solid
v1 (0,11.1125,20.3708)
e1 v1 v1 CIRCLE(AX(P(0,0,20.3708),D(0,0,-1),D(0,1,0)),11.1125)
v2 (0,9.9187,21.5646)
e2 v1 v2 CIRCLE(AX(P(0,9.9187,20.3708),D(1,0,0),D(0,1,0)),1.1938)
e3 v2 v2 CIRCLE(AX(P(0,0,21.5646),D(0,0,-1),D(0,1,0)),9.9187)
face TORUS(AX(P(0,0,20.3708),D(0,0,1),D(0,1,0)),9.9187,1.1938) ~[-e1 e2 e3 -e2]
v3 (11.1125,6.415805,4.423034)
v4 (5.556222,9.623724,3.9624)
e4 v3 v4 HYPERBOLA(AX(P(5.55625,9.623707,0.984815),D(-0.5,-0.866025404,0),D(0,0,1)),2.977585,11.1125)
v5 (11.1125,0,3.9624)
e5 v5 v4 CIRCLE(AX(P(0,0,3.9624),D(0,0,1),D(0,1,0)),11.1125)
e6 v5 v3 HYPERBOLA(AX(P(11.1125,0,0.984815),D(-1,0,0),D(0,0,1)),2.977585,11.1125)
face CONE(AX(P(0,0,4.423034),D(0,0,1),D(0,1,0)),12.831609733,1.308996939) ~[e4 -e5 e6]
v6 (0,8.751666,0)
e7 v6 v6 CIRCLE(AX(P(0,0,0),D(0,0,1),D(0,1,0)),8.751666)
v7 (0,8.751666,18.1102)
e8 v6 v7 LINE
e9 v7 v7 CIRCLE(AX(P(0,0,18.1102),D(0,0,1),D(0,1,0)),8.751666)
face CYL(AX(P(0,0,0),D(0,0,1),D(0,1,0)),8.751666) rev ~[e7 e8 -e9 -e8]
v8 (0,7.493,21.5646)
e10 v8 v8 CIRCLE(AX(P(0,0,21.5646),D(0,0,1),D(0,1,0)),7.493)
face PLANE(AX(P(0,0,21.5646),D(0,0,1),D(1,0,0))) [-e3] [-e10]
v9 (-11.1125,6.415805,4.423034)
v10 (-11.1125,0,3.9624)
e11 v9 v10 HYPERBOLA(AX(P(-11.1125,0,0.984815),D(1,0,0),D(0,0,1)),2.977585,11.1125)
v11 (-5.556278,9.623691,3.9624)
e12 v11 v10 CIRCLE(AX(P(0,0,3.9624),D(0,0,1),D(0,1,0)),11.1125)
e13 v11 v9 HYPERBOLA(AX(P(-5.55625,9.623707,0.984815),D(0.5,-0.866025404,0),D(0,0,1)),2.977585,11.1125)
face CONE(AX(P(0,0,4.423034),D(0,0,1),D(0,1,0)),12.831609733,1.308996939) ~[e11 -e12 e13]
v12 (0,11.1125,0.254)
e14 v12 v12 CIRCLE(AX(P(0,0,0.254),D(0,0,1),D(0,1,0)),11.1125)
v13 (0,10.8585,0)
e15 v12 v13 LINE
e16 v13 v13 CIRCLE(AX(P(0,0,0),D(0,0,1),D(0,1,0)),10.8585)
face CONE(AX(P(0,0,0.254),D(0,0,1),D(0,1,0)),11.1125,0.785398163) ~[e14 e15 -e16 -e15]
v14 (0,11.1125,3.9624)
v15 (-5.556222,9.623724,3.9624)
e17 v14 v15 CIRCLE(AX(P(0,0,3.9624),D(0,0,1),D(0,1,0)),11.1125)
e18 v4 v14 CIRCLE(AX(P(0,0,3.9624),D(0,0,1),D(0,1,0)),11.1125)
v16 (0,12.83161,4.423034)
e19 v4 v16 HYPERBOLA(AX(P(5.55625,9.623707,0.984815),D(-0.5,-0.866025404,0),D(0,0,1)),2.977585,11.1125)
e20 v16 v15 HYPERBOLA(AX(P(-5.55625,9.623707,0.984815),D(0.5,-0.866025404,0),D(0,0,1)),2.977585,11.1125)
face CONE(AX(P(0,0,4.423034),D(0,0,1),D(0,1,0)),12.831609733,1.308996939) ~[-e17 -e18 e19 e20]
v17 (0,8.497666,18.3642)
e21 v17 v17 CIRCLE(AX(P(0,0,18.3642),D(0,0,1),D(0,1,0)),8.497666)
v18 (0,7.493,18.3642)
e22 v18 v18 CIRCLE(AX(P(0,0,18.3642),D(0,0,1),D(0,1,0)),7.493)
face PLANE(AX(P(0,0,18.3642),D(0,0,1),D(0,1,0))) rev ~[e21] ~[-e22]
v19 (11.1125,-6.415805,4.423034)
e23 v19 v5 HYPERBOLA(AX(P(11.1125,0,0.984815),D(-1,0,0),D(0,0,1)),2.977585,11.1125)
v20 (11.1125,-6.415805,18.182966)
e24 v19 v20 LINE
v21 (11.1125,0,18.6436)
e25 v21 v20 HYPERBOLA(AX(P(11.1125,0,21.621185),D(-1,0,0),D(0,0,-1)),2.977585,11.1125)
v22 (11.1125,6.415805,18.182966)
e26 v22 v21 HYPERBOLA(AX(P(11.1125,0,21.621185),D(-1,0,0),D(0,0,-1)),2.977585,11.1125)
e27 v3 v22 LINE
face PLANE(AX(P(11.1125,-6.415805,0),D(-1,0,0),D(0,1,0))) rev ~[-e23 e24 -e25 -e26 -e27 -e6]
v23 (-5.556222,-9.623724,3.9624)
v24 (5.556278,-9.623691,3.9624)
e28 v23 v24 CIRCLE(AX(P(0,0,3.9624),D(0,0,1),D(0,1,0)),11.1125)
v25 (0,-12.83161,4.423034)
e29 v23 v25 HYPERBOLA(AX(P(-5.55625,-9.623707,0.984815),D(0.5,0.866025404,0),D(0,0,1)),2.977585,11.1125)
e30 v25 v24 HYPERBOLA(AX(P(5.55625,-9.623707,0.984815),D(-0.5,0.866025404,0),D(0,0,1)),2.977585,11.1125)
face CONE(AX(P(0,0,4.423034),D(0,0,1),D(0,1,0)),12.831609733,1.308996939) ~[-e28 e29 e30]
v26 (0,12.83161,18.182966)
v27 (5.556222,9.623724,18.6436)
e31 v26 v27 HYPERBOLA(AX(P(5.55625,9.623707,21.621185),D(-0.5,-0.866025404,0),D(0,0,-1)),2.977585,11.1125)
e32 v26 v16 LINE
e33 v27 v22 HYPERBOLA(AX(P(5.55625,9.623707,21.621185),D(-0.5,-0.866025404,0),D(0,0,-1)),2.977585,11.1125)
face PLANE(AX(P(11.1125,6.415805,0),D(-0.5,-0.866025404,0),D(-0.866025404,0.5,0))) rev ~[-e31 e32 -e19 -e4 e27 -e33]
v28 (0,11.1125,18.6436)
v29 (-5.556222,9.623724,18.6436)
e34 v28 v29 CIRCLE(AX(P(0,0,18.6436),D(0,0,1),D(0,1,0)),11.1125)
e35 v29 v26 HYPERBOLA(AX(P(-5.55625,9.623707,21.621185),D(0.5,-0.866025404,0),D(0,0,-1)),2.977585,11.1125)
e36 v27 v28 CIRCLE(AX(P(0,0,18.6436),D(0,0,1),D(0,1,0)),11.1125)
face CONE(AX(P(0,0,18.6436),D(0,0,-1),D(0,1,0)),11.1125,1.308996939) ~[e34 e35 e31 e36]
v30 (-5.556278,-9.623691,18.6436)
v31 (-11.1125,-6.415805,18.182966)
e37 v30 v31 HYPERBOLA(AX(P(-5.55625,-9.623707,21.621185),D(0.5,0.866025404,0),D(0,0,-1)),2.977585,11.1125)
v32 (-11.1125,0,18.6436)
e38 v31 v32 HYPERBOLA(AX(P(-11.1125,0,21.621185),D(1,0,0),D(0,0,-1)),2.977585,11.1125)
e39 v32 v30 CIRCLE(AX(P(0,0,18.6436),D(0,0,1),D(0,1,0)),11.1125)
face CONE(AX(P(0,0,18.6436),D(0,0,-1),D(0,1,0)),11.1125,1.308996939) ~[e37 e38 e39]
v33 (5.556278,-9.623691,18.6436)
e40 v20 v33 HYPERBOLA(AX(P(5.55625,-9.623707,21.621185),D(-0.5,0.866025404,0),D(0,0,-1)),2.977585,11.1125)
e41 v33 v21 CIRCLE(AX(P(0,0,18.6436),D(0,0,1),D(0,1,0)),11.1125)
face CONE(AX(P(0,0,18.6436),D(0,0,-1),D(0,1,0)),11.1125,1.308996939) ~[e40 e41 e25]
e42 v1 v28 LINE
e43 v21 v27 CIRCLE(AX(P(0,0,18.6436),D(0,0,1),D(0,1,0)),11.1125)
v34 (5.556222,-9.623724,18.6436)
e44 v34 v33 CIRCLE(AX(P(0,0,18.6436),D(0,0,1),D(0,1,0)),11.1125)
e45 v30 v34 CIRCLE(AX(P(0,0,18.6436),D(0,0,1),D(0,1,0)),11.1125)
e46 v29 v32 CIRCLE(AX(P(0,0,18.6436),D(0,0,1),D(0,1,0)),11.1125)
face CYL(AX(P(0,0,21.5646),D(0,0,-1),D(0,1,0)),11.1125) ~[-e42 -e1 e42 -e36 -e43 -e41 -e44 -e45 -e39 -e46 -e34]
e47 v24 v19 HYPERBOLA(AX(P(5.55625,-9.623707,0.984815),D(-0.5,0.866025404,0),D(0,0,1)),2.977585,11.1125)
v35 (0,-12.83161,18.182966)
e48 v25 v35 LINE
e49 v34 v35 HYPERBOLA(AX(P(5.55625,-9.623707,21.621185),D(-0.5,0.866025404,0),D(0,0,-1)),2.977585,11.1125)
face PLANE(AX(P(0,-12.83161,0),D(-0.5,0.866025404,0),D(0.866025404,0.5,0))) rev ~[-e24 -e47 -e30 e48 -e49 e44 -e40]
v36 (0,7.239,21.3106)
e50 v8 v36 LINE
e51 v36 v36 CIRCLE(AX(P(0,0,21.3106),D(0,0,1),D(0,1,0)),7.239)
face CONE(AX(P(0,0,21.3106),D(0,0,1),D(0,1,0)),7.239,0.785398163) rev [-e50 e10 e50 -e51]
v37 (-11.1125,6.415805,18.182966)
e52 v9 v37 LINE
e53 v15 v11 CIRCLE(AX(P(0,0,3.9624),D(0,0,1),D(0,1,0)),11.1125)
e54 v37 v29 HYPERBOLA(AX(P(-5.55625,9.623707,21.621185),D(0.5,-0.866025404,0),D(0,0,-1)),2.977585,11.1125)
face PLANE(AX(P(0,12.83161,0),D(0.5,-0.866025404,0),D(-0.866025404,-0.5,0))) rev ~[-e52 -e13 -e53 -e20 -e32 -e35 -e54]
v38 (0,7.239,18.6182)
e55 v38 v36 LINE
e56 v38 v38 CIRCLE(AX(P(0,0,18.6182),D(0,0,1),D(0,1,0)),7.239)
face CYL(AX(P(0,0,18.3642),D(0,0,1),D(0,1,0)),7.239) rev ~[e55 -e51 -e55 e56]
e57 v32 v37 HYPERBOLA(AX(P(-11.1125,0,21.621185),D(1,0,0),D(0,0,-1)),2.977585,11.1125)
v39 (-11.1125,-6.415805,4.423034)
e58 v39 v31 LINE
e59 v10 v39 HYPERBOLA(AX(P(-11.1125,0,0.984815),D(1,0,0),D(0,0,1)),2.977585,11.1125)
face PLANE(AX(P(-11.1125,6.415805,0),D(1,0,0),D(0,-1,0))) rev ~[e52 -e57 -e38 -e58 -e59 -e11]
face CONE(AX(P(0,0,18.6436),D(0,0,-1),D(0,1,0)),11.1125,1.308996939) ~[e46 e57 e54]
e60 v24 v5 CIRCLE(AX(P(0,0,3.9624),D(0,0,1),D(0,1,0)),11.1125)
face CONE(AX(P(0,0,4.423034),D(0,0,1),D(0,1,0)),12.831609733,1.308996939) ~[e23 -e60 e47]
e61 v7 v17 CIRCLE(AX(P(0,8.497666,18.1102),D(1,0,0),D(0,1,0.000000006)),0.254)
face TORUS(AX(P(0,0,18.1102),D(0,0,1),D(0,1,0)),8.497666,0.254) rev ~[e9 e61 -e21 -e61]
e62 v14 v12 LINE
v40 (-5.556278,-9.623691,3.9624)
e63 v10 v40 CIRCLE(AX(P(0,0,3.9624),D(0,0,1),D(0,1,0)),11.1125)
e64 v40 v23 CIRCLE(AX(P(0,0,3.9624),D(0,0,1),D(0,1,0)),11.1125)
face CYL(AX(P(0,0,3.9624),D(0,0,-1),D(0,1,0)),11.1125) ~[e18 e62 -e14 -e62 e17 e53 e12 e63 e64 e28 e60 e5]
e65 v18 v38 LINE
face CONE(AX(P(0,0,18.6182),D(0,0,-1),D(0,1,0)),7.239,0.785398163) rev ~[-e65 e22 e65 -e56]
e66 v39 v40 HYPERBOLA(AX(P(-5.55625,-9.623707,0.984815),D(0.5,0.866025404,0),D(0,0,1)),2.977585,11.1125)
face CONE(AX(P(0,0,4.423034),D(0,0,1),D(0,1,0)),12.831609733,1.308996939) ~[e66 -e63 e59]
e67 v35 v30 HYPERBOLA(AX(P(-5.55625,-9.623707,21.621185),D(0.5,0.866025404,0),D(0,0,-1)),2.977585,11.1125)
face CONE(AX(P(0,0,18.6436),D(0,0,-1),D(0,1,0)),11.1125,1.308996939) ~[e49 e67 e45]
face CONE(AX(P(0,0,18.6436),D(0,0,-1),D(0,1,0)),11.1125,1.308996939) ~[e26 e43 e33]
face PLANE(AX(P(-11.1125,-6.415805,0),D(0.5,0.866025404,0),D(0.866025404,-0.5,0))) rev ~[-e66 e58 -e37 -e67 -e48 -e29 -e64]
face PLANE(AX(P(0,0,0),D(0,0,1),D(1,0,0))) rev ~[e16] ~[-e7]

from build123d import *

# Parameters (mm, degrees)
BOSS_EXTRUDE1_DEPTH = 21.5646
FILLET1_R           = 1.1938
CHAMFER1_SIZE       = 0.254
CHAMFER2_SIZE       = 0.254


with BuildPart() as part:
    # Sketch1 → Boss-Extrude1 (new body)
    with BuildSketch(Plane.XY):
        Polygon((0, 12.831609733), (-11.1125, 6.415804866), (-11.1125, -6.415804866), (0, -12.831609733), (11.1125, -6.415804866), (11.1125, 6.415804866), align=None)
    extrude(amount=BOSS_EXTRUDE1_DEPTH)

    # Sketch2 → Cut-Revolve1 (revolve, cut)
    with BuildSketch(Plane(origin=(0, 0, 0), x_dir=(0, 0, -1), z_dir=(1, 0, 0))):
        Polygon((-21.5646, 14.550719465), (-21.5646, 11.1125), (-18.6436, 11.1125), (-18.182965935, 12.831609733), (-4.423034065, 12.831609733), (-3.9624, 11.1125), (0, 11.1125), (0, 14.550719465), align=None)
        with BuildLine():
            Line((-21.5646, 7.239), (-21.5646, 0))
            Line((-21.5646, 0), (0, 0))
            Line((0, 0), (0, 8.751666378))
            Line((0, 8.751666378), (-18.1102, 8.751666378))
            ThreePointArc((-18.1102, 8.751666378), (-18.289805122, 8.6772715), (-18.3642, 8.497666378))
            Line((-18.3642, 8.497666378), (-18.3642, 7.239))
            Line((-18.3642, 7.239), (-21.5646, 7.239))
        make_face()
    revolve(axis=Axis((0, 0, 0), (0, 0, 1)), mode=Mode.SUBTRACT)

    # Fillet1
    fillet1_edges = [part.edges().sort_by_distance(p)[0] for p in [
        (0, -11.1125, 21.5646),
    ]]
    fillet(fillet1_edges, radius=FILLET1_R)

    # Chamfer1
    chamfer1_edges = [part.edges().sort_by_distance(p)[0] for p in [
        (0, -11.1125, 0),
    ]]
    chamfer(chamfer1_edges, length=CHAMFER1_SIZE)

    # Chamfer2
    chamfer2_edges = [part.edges().sort_by_distance(p)[0] for p in [
        (0, -7.239, 21.5646),
        (0, -7.239, 18.3642),
    ]]
    chamfer(chamfer2_edges, length=CHAMFER2_SIZE)


solid = part.part
